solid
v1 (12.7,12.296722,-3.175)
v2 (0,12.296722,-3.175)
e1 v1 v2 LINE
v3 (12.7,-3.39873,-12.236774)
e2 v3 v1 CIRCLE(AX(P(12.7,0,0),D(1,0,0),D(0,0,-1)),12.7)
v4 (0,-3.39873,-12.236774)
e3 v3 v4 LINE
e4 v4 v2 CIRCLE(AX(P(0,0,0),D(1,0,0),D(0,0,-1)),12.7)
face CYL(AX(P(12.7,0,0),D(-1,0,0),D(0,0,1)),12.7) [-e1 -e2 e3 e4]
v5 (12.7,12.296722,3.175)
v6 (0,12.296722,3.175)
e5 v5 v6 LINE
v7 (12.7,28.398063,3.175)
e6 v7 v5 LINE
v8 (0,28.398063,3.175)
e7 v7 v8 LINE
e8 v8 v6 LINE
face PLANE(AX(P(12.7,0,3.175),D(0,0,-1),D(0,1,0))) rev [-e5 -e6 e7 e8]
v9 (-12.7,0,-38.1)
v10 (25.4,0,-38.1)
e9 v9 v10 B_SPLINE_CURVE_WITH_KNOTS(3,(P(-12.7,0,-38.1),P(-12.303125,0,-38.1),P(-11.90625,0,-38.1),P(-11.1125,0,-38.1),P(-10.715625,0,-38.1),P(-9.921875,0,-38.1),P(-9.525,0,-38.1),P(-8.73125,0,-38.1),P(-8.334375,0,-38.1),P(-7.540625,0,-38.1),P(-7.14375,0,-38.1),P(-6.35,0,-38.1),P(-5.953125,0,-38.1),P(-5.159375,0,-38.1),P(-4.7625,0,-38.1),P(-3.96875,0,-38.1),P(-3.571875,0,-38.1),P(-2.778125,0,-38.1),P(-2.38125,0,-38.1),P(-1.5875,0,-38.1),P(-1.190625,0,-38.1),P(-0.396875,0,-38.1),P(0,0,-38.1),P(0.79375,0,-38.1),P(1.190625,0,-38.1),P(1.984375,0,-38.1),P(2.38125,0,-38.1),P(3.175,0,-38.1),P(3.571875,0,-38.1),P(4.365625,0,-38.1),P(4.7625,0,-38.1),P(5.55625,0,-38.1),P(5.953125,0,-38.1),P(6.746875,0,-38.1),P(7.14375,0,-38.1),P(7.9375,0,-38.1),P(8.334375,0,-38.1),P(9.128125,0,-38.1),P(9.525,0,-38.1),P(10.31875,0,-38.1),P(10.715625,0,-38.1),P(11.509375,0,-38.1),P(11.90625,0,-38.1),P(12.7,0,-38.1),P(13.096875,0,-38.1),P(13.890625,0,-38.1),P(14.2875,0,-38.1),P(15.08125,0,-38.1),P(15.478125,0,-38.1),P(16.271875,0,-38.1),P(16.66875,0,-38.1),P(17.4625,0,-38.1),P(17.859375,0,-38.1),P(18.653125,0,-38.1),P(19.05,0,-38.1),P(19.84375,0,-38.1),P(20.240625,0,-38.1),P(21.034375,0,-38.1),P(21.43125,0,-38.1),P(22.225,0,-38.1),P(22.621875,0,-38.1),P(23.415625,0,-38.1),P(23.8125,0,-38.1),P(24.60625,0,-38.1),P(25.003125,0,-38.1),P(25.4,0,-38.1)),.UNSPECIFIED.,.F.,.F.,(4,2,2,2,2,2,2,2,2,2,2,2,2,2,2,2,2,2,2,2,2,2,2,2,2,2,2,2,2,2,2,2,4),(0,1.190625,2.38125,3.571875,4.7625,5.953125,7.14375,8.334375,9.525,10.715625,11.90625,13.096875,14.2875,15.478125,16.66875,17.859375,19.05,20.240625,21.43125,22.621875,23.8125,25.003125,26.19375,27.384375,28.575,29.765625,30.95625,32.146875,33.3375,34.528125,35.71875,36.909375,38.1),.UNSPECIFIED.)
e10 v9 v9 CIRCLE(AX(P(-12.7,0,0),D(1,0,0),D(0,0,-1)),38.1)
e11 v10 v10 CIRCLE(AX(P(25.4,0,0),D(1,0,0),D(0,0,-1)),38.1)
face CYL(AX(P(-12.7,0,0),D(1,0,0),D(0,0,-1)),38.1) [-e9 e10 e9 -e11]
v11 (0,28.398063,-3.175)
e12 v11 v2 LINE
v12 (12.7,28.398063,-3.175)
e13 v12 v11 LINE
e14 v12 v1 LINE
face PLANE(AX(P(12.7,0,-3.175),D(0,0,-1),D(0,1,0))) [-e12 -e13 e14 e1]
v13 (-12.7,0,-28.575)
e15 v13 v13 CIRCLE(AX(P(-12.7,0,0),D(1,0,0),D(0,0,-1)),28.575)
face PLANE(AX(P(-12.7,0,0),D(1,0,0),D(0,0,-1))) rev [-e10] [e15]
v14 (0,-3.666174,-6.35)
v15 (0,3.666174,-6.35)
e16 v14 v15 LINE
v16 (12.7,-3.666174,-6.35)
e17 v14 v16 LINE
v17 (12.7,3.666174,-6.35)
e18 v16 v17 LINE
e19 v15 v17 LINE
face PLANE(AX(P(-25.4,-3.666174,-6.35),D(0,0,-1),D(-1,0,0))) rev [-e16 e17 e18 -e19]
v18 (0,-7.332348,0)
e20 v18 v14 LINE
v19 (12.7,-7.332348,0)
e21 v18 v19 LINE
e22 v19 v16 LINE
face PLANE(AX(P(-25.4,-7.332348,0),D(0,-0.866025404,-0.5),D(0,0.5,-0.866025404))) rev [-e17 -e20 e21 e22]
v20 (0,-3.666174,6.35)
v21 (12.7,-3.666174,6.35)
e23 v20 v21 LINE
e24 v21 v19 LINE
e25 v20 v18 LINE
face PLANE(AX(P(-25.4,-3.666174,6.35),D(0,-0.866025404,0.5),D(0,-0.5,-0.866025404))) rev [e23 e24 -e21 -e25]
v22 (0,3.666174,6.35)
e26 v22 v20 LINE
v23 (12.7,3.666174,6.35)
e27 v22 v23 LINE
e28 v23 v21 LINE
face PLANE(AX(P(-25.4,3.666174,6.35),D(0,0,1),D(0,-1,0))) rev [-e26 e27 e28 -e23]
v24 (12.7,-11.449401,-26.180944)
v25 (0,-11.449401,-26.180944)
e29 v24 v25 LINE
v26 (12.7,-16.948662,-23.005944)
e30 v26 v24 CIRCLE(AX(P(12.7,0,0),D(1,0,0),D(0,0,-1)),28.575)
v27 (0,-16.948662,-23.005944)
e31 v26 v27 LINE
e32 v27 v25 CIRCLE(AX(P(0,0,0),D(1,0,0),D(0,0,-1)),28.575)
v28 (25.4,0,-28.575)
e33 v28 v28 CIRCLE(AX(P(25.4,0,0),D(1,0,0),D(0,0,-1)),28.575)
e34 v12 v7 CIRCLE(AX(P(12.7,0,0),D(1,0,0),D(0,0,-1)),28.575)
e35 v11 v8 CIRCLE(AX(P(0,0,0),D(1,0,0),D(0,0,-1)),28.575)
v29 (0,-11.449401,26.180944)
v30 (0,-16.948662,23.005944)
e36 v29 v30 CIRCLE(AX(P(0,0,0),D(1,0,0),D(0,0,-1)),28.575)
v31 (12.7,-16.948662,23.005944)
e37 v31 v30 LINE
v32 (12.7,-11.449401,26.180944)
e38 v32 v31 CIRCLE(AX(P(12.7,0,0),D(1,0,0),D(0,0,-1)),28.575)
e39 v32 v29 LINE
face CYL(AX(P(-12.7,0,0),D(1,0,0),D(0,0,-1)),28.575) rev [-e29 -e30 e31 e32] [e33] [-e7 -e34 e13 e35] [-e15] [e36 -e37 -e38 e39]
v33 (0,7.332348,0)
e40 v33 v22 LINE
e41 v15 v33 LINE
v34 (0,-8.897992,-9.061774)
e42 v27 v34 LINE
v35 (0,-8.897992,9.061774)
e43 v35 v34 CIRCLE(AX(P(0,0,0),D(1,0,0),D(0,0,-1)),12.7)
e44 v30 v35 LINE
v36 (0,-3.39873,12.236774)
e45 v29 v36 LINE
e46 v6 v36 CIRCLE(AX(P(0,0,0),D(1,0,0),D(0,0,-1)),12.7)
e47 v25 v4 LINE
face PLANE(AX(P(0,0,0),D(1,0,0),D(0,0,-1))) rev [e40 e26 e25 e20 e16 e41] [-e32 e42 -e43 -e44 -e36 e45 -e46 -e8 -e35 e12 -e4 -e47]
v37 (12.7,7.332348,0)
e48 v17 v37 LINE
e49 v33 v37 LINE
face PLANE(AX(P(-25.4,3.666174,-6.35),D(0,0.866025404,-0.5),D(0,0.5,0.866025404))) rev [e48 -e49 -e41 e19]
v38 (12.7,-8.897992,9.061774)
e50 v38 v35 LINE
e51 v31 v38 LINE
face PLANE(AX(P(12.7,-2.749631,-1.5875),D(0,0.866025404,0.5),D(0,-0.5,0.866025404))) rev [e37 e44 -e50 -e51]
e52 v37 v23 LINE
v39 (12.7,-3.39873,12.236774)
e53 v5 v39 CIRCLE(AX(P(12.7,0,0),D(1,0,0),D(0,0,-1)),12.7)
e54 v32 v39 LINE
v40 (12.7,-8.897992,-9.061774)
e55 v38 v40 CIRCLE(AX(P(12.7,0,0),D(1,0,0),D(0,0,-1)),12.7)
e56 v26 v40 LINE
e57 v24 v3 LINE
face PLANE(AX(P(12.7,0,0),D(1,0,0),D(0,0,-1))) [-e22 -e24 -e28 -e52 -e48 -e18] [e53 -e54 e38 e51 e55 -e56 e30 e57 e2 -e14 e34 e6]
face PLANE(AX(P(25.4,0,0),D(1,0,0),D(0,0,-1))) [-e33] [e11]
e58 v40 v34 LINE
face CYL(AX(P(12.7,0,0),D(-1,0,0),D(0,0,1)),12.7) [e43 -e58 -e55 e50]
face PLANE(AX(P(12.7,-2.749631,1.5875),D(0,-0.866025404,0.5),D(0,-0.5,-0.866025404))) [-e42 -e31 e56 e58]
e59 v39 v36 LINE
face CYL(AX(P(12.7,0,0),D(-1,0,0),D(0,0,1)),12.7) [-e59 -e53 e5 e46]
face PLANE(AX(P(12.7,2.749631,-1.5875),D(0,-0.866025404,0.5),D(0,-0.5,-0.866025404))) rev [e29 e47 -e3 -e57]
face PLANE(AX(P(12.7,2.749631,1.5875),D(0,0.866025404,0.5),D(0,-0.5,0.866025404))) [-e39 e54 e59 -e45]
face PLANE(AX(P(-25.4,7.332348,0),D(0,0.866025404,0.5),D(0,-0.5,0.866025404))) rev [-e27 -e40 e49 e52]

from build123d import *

# Parameters (mm, degrees)
BOSS_EXTRUDE1_DEPTH = 12.7
BOSS_EXTRUDE2_START = -38.1
SKETCH2_R           = 38.1
SKETCH2_R_2         = 28.575
BOSS_EXTRUDE2_DEPTH = 38.1
CUT_EXTRUDE1_DEPTH  = 38.1


with BuildPart() as part:
    # Sketch1 → Boss-Extrude1 (new body)
    with BuildSketch(Plane(origin=(0, 0, 0), x_dir=(0, 0, -1), z_dir=(1, 0, 0))):
        with BuildLine():
            ThreePointArc((3.175, 28.398063314), (0, 28.575), (-3.175, 28.398063314))
            Line((-3.175, 28.398063314), (-3.175, 12.296722124))
            ThreePointArc((-3.175, 12.296722124), (-10.998522628, 6.35), (-12.236773743, -3.398730405))
            Line((-12.236773743, -3.398730405), (-26.180944248, -11.449401))
            ThreePointArc((-26.180944248, -11.449401), (-24.746675913, -14.2875), (-23.005944248, -16.948662314))
            Line((-23.005944248, -16.948662314), (-9.061773743, -8.897991719))
            ThreePointArc((-9.061773743, -8.897991719), (0, -12.7), (9.061773743, -8.897991719))
            Line((9.061773743, -8.897991719), (23.005944248, -16.948662314))
            ThreePointArc((23.005944248, -16.948662314), (24.746675913, -14.2875), (26.180944248, -11.449401))
            Line((26.180944248, -11.449401), (12.236773743, -3.398730405))
            ThreePointArc((12.236773743, -3.398730405), (10.998522628, 6.35), (3.175, 12.296722124))
            Line((3.175, 12.296722124), (3.175, 28.398063314))
        make_face()
    extrude(amount=BOSS_EXTRUDE1_DEPTH)

    # Sketch2 → Boss-Extrude2 (add)
    with BuildSketch(Plane(origin=(25.4, 0, 0), x_dir=(0, 0, -1), z_dir=(1, 0, 0)).offset(BOSS_EXTRUDE2_START)):
        Circle(SKETCH2_R)
        Circle(SKETCH2_R_2, mode=Mode.SUBTRACT)
    extrude(amount=BOSS_EXTRUDE2_DEPTH)

    # Sketch3 → Cut-Extrude1 (cut)
    with BuildSketch(Plane(origin=(12.7, 0, 0), x_dir=(0, 0, -1), z_dir=(1, 0, 0))):
        Polygon((0, 7.332348419), (-6.35, 3.666174209), (-6.35, -3.666174209), (0, -7.332348419), (6.35, -3.666174209), (6.35, 3.666174209), align=None)
    extrude(amount=-CUT_EXTRUDE1_DEPTH, mode=Mode.SUBTRACT)


solid = part.part
